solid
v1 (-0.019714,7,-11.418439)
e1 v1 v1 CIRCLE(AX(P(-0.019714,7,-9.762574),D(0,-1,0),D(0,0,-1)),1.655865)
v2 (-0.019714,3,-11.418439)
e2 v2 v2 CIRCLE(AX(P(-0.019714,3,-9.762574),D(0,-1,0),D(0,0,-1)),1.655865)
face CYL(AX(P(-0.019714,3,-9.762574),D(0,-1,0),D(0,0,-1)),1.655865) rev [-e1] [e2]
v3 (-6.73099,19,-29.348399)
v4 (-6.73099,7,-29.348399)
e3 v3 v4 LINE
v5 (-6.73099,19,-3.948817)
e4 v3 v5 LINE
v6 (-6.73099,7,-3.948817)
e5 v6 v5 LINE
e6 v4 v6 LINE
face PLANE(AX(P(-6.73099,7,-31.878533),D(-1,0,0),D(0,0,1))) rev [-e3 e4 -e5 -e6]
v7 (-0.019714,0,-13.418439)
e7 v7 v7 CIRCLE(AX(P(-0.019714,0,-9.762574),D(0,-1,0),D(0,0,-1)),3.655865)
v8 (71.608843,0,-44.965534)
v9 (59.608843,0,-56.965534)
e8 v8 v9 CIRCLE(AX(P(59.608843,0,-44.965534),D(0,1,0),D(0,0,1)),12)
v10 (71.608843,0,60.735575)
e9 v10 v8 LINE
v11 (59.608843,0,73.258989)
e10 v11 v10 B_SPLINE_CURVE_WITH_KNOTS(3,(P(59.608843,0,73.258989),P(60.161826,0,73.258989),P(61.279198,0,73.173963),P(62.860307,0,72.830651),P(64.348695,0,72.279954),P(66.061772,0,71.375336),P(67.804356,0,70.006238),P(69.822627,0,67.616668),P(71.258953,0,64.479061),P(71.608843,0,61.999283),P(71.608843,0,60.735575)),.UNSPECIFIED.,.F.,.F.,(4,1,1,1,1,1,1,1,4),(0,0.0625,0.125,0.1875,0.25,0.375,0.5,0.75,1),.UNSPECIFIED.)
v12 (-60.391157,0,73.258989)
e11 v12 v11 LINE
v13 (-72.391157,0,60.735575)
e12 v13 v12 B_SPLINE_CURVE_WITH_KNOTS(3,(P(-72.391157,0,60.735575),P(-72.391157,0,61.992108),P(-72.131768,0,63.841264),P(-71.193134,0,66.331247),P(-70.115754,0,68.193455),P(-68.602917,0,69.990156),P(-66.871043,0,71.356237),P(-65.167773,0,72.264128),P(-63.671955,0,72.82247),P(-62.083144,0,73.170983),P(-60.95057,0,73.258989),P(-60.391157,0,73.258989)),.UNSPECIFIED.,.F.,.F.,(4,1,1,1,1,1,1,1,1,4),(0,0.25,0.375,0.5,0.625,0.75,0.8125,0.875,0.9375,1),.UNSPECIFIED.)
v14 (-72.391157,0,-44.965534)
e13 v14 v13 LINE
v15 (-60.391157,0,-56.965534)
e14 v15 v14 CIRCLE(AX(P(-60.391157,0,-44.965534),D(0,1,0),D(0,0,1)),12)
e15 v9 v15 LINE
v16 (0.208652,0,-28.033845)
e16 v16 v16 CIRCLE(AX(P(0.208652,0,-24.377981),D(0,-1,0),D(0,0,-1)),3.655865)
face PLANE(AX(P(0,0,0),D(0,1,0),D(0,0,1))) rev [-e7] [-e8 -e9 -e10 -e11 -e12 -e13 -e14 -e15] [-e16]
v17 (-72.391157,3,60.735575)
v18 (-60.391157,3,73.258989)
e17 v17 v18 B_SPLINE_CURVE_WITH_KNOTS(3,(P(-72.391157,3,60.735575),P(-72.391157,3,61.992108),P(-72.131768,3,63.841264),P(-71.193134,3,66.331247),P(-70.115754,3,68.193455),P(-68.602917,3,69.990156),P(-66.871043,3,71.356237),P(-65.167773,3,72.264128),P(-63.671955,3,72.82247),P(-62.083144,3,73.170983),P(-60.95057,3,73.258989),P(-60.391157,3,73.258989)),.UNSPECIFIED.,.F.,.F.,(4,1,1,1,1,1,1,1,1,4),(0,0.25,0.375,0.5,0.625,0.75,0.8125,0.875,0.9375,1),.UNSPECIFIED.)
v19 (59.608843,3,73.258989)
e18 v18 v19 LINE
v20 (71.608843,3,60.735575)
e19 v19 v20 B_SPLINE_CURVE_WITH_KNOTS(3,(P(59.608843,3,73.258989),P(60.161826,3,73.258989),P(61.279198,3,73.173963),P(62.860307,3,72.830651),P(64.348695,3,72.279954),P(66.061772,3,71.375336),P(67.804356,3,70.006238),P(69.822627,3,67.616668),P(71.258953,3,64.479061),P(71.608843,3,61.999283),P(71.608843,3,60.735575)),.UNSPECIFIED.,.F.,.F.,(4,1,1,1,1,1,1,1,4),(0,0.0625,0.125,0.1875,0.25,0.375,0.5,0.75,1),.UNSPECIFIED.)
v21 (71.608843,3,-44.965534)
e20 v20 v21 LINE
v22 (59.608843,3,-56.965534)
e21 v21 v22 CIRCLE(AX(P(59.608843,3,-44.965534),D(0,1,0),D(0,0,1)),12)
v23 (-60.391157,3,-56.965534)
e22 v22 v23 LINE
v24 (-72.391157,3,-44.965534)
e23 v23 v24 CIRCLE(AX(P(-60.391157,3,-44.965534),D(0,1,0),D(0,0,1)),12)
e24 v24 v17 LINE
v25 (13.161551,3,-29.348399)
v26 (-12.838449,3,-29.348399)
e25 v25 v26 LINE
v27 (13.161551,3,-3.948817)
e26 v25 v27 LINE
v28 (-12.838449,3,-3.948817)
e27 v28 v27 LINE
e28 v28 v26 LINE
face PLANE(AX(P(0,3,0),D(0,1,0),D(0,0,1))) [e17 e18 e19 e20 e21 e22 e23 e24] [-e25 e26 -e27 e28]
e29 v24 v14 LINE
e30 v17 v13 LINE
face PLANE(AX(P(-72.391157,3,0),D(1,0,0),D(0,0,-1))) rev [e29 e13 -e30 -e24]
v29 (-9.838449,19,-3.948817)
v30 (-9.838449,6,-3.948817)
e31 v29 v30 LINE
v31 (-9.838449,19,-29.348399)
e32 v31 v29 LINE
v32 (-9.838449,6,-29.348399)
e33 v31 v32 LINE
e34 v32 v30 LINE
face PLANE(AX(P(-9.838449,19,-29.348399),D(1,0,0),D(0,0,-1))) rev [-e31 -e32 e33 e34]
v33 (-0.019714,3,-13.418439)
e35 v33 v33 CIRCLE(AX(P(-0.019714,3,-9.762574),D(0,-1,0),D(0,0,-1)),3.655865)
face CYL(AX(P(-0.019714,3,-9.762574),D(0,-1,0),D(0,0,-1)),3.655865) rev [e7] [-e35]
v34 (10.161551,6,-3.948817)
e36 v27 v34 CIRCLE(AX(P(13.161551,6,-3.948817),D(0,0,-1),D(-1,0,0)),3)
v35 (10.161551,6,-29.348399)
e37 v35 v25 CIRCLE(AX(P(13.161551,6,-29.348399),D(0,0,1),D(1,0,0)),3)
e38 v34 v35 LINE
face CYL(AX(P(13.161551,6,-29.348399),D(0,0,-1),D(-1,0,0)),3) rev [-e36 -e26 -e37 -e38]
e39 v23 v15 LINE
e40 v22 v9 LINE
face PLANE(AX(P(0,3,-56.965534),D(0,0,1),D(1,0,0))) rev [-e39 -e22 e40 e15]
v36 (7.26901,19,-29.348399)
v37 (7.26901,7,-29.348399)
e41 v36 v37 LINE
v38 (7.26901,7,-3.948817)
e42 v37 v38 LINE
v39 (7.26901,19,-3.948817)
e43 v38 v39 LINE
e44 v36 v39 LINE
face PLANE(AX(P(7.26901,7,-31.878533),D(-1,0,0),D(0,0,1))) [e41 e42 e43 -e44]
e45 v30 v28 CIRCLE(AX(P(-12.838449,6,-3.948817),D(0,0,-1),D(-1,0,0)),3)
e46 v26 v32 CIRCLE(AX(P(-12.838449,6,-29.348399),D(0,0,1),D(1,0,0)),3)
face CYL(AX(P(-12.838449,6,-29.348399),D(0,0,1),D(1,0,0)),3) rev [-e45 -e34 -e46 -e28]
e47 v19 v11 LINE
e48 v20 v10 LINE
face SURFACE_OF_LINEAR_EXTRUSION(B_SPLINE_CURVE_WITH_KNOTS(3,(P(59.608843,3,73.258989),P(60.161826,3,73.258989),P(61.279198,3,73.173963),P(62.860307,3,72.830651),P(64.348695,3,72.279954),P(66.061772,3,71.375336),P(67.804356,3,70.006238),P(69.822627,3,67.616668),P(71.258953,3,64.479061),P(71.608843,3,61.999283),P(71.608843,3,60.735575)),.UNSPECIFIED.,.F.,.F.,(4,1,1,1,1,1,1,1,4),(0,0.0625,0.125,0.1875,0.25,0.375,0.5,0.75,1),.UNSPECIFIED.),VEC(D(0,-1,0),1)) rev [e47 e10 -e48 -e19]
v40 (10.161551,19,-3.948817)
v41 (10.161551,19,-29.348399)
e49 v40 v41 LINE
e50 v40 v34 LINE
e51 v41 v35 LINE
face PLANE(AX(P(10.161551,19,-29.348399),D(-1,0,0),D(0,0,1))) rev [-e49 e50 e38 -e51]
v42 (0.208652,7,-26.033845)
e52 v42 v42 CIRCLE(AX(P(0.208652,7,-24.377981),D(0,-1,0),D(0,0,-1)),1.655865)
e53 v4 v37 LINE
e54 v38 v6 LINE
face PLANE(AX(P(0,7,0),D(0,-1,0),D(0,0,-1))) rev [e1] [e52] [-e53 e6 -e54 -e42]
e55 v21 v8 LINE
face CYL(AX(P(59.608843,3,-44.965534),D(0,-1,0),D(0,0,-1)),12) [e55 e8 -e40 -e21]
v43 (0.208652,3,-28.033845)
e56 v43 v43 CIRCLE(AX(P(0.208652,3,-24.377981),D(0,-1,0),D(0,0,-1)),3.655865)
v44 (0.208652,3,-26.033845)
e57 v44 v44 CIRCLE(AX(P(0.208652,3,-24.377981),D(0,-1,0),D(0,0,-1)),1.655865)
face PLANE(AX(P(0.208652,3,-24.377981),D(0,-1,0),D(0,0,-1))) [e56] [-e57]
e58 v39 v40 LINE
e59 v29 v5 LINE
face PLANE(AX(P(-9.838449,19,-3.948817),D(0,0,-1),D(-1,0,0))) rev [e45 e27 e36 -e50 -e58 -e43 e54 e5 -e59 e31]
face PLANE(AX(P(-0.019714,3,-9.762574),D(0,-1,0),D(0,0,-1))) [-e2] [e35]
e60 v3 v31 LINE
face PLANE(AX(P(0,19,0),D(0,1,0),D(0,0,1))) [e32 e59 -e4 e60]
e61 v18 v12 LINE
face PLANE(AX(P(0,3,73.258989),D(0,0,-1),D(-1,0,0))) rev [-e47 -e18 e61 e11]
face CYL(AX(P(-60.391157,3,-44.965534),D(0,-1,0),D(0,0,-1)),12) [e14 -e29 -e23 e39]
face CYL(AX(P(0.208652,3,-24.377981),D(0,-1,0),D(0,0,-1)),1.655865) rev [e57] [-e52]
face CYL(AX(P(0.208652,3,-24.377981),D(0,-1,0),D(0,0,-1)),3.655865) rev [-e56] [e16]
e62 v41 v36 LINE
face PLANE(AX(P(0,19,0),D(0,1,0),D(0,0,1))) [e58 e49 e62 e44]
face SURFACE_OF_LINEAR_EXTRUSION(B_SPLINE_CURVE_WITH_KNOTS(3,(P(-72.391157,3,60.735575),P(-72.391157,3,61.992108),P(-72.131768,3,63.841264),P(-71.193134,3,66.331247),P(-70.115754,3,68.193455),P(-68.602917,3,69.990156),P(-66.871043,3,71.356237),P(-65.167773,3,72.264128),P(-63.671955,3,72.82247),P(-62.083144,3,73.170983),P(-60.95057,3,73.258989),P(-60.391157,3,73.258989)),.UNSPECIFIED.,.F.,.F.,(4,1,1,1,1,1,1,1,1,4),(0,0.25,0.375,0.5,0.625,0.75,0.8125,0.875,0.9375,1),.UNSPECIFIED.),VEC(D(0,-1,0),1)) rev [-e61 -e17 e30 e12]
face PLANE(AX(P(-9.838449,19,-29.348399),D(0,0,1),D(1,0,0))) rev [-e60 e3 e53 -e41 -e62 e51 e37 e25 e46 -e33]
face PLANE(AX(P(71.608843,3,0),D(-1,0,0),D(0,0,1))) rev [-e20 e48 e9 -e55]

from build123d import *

# Parameters (mm, degrees)
SKETCH1_R           = 1.655864604
BOSS_EXTRUDE1_DEPTH = 3
SKETCH2_W           = 20
SKETCH2_H           = 25.399582392
SKETCH2_R           = 1.655864604
BOSS_EXTRUDE2_DEPTH = 16
SKETCH3_W           = 14
SKETCH3_H           = 30.433665038
CUT_EXTRUDE1_DEPTH  = 12
FILLET1_R           = 3
SKETCH4_R           = 3.655864604
CUT_EXTRUDE2_DEPTH  = 3


with BuildPart() as part:
    # Sketch1 → Boss-Extrude1 (new body)
    with BuildSketch(Plane(origin=(0, 0, 0), x_dir=(1, 0, 0), z_dir=(0, 1, 0))):
        with BuildLine():
            Line((-72.391156815, 44.965534322), (-72.391156815, -60.735574691))
            add(Edge.make_bspline(
                [(-72.391156815, -60.735574691), (-72.391156815, -61.992108225), (-72.131767652, -63.841263996), (-71.193134075, -66.331246924), (-70.115754462, -68.193455339), (-68.602916824, -69.990155744), (-66.871043197, -71.356237465), (-65.167773111, -72.264127558), (-63.671954883, -72.82246992), (-62.083143976, -73.170982974), (-60.950569944, -73.258988683), (-60.391156815, -73.258988683)],
                knots=[0, 0, 0, 0, 0.25, 0.375, 0.5, 0.625, 0.75, 0.8125, 0.875, 0.9375, 1, 1, 1, 1], degree=3))
            Line((-60.391156815, -73.258988683), (59.608843185, -73.258988683))
            add(Edge.make_bspline(
                [(59.608843185, -73.258988683), (60.161825687, -73.258988683), (61.27919765, -73.173963171), (62.86030745, -72.830650997), (64.348694962, -72.279953513), (66.061771772, -71.375336188), (67.804355953, -70.006238159), (69.822626853, -67.61666824), (71.258952654, -64.479060557), (71.608843185, -61.999282855), (71.608843185, -60.735574691)],
                knots=[0, 0, 0, 0, 0.0625, 0.125, 0.1875, 0.25, 0.375, 0.5, 0.75, 1, 1, 1, 1], degree=3))
            Line((71.608843185, -60.735574691), (71.608843185, 44.965534322))
            ThreePointArc((71.608843185, 44.965534322), (68.094124559, 53.450815696), (59.608843185, 56.965534322))
            Line((59.608843185, 56.965534322), (-60.391156815, 56.965534322))
            ThreePointArc((-60.391156815, 56.965534322), (-68.876438189, 53.450815696), (-72.391156815, 44.965534322))
        make_face()
        with Locations((0.208651948, 24.377980521)):
            Circle(SKETCH1_R, mode=Mode.SUBTRACT)
        with Locations((-0.01971378, 9.762573941)):
            Circle(SKETCH1_R, mode=Mode.SUBTRACT)
    extrude(amount=BOSS_EXTRUDE1_DEPTH)

    # Sketch2 → Boss-Extrude2 (add)
    with BuildSketch(Plane(origin=(0, 3, 0), x_dir=(1, 0, 0), z_dir=(0, 1, 0))):
        with Locations((0.161550821, 16.648607969)):
            Rectangle(SKETCH2_W, SKETCH2_H)
        with Locations((-0.01971378, 9.762573941)):
            Circle(SKETCH2_R, mode=Mode.SUBTRACT)
        with Locations((0.208651948, 24.377980521)):
            Circle(SKETCH2_R, mode=Mode.SUBTRACT)
    extrude(amount=BOSS_EXTRUDE2_DEPTH)

    # Sketch3 → Cut-Extrude1 (cut)
    with BuildSketch(Plane(origin=(0, 19, 0), x_dir=(1, 0, 0), z_dir=(0, 1, 0))):
        with Locations((0.269010393, 16.661700324)):
            Rectangle(SKETCH3_W, SKETCH3_H)
    extrude(amount=-CUT_EXTRUDE1_DEPTH, mode=Mode.SUBTRACT)

    # Fillet1
    fillet1_edges = [part.edges().sort_by_distance(p)[0] for p in [
        (-9.838449179, 3, -16.648607969),
        (10.161550821, 3, -16.648607969),
    ]]
    fillet(fillet1_edges, radius=FILLET1_R)

    # Sketch4 → Cut-Extrude2 (cut)
    with BuildSketch(Plane.XZ):
        with Locations((-0.01971378, -9.762573941)):
            Circle(SKETCH4_R)
        with Locations((0.208651948, -24.377980521)):
            Circle(SKETCH4_R)
    extrude(amount=-CUT_EXTRUDE2_DEPTH, mode=Mode.SUBTRACT)


solid = part.part
